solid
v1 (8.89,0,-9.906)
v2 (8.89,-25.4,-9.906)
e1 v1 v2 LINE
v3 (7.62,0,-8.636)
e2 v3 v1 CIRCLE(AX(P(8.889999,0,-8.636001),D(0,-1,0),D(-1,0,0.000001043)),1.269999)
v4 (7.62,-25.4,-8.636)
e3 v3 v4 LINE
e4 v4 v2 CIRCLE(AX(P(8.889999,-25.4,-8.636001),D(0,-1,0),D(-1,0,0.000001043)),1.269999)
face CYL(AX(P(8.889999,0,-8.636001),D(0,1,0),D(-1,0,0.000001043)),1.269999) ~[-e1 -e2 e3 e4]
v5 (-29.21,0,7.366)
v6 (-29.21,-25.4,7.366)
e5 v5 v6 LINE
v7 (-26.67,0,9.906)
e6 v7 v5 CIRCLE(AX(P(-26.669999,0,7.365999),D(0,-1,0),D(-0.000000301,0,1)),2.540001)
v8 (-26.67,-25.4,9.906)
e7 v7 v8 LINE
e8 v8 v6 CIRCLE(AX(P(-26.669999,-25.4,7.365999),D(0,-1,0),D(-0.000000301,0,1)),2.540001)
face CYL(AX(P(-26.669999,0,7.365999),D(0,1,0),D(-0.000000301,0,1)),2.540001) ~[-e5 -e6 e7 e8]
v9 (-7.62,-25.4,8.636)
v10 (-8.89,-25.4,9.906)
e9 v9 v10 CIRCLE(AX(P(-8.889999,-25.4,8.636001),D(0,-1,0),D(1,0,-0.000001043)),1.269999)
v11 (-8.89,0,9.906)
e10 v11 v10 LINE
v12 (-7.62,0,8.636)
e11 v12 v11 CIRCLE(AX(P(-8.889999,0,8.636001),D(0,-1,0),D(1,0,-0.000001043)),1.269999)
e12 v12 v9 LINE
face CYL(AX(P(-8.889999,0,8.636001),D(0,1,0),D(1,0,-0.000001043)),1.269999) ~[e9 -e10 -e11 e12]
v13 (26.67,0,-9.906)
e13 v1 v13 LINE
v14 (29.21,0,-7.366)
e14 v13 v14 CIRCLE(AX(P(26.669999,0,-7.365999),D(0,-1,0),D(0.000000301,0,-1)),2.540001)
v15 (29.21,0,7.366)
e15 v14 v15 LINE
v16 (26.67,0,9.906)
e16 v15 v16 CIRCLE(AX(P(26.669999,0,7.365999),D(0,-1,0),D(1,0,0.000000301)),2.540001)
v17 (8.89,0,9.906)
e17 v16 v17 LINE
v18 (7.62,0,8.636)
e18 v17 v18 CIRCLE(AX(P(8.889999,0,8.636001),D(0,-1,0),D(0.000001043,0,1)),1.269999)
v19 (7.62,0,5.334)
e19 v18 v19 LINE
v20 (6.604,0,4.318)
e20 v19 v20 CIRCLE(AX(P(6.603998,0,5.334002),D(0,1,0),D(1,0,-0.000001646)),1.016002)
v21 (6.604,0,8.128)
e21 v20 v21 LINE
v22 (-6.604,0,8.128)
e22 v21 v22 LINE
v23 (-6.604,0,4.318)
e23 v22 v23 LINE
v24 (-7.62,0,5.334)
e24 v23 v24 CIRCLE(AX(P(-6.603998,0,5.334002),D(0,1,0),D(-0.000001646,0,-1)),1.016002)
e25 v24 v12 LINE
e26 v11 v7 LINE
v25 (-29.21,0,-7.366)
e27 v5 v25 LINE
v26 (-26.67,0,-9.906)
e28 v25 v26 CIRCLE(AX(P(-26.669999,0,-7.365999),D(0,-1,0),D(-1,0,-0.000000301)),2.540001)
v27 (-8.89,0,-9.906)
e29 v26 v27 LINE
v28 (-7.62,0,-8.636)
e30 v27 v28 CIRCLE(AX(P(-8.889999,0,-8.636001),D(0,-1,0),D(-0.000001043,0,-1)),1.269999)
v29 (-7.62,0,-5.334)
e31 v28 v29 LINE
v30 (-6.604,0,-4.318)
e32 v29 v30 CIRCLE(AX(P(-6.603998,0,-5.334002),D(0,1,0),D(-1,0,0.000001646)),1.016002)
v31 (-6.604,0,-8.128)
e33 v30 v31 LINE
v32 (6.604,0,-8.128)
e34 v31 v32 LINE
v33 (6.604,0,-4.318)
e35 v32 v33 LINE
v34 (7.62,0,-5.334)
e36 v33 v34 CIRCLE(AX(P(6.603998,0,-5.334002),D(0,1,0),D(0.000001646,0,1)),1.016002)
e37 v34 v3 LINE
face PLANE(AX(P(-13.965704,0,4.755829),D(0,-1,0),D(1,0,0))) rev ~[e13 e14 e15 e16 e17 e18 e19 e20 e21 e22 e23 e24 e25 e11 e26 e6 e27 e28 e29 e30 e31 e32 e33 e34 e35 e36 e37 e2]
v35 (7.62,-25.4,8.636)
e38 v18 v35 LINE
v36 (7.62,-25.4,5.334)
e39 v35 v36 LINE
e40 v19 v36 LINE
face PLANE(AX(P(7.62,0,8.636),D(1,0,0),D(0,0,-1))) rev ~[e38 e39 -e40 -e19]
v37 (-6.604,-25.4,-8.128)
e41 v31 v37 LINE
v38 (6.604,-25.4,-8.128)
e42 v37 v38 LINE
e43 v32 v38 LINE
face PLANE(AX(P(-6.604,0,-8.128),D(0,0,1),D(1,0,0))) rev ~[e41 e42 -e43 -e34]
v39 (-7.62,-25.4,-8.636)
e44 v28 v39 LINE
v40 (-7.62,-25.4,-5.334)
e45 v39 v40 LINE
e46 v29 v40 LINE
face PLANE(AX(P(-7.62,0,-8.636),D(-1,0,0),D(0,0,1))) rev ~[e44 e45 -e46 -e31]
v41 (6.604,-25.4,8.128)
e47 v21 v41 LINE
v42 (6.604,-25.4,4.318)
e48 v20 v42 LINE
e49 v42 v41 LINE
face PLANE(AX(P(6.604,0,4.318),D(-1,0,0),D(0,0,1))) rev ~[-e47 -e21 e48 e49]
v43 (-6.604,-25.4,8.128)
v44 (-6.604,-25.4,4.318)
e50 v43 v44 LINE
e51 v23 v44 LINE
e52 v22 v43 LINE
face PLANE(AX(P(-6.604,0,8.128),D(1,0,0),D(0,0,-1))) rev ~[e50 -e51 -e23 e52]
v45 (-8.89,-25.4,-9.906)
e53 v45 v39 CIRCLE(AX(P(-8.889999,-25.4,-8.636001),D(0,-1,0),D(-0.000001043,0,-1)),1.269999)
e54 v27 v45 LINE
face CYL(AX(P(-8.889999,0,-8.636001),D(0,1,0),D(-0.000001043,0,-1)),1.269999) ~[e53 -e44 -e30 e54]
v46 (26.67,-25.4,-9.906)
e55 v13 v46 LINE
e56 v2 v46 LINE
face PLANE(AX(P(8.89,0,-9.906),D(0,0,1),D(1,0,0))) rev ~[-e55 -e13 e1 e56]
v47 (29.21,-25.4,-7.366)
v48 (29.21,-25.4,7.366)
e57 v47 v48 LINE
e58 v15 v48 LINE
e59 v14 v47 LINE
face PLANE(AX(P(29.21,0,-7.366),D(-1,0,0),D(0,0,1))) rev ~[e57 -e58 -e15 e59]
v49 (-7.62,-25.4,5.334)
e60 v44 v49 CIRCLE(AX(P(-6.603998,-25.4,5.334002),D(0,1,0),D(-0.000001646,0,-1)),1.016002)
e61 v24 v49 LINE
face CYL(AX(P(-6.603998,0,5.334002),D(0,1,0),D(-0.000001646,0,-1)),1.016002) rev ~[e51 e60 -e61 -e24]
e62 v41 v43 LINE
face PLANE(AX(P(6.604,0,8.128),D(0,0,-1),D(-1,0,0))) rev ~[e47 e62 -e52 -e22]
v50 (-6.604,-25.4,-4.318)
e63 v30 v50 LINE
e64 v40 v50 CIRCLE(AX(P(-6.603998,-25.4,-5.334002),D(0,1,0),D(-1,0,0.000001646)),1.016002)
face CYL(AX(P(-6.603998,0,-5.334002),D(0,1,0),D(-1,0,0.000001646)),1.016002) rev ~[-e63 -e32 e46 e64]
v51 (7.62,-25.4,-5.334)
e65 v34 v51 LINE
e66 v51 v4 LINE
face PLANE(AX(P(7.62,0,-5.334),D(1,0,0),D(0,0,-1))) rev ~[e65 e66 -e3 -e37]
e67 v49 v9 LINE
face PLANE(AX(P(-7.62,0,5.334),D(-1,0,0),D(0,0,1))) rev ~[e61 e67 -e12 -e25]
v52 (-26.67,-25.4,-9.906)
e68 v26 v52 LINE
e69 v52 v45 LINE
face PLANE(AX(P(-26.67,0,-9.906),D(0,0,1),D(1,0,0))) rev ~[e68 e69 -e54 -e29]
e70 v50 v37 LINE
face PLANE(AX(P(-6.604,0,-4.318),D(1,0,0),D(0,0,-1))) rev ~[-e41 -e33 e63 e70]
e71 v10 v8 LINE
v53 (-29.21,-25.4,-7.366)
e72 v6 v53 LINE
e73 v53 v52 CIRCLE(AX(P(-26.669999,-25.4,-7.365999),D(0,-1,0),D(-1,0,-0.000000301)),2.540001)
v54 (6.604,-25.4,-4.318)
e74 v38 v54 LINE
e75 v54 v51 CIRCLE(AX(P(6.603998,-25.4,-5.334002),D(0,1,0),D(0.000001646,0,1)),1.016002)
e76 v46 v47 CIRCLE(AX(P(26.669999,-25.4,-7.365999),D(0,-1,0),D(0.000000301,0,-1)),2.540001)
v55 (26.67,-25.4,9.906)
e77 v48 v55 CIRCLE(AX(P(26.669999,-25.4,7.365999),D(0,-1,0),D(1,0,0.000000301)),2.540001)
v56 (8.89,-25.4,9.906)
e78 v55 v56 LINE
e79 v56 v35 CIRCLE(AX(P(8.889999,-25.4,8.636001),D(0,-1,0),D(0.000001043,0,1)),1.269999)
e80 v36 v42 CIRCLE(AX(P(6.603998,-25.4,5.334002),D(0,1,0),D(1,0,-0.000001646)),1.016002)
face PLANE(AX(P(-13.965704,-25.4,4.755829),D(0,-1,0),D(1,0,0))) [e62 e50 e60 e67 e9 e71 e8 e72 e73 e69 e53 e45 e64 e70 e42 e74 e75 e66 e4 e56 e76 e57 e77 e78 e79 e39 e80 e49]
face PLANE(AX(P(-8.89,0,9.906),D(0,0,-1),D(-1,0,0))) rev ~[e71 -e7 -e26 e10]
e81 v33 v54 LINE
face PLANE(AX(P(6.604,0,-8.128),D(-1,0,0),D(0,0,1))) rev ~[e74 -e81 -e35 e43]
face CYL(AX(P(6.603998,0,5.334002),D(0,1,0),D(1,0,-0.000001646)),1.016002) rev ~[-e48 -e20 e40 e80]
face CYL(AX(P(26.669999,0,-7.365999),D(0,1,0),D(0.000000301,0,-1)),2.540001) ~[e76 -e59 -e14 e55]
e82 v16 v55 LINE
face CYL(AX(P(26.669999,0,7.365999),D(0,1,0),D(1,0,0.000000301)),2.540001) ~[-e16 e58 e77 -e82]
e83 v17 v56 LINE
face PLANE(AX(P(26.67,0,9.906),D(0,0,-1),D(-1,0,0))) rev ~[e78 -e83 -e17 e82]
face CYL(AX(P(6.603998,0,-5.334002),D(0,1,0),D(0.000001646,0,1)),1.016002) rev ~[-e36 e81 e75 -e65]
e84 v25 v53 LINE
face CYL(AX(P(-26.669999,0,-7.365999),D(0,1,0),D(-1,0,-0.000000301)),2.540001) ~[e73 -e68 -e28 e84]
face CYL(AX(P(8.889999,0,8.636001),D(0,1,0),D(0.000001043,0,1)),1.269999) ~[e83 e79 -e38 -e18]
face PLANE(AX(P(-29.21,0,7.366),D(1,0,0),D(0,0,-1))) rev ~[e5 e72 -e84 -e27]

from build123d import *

# Parameters (mm, degrees)
F1_DEPTH = 25.4


with BuildPart() as f1:
    # F0 (on Front) → F1 (new body)
    with BuildSketch(Plane.XZ):
        with BuildLine():
            Line((-29.21, 0), (0, 0))
            Line((0, 0), (0, 8.128))
            Line((0, 8.128), (-6.604, 8.128))
            Line((-6.604, 8.128), (-6.604, 4.318))
            ThreePointArc((-6.604, 4.318), (-7.32242, 4.61558), (-7.62, 5.334))
            Line((-7.62, 5.334), (-7.62, 8.636))
            ThreePointArc((-7.62, 8.636), (-7.991974, 9.534026), (-8.89, 9.906))
            Line((-8.89, 9.906), (-26.67, 9.906))
            ThreePointArc((-26.67, 9.906), (-28.466051, 9.162051), (-29.21, 7.366))
            Line((-29.21, 7.366), (-29.21, 0))
        make_face()
        with BuildLine():
            Line((0, 8.128), (0, 0))
            Line((0, 0), (29.21, 0))
            Line((29.21, 0), (29.21, 7.366))
            ThreePointArc((29.21, 7.366), (28.466051, 9.162051), (26.67, 9.906))
            Line((26.67, 9.906), (8.89, 9.906))
            ThreePointArc((8.89, 9.906), (7.991974, 9.534026), (7.62, 8.636))
            Line((7.62, 8.636), (7.62, 5.334))
            ThreePointArc((7.62, 5.334), (7.32242, 4.61558), (6.604, 4.318))
            Line((6.604, 4.318), (6.604, 8.128))
            Line((6.604, 8.128), (0, 8.128))
        make_face()
        with BuildLine():
            Line((29.21, 0), (0, 0))
            Line((0, 0), (0, -8.128))
            Line((0, -8.128), (6.604, -8.128))
            Line((6.604, -8.128), (6.604, -4.318))
            ThreePointArc((6.604, -4.318), (7.32242, -4.61558), (7.62, -5.334))
            Line((7.62, -5.334), (7.62, -8.636))
            ThreePointArc((7.62, -8.636), (7.991974, -9.534026), (8.89, -9.906))
            Line((8.89, -9.906), (26.67, -9.906))
            ThreePointArc((26.67, -9.906), (28.466051, -9.162051), (29.21, -7.366))
            Line((29.21, -7.366), (29.21, 0))
        make_face()
        with BuildLine():
            Line((0, -8.128), (0, 0))
            Line((0, 0), (-29.21, 0))
            Line((-29.21, 0), (-29.21, -7.366))
            ThreePointArc((-29.21, -7.366), (-28.466051, -9.162051), (-26.67, -9.906))
            Line((-26.67, -9.906), (-8.89, -9.906))
            ThreePointArc((-8.89, -9.906), (-7.991974, -9.534026), (-7.62, -8.636))
            Line((-7.62, -8.636), (-7.62, -5.334))
            ThreePointArc((-7.62, -5.334), (-7.32242, -4.61558), (-6.604, -4.318))
            Line((-6.604, -4.318), (-6.604, -8.128))
            Line((-6.604, -8.128), (0, -8.128))
        make_face()
    extrude(amount=F1_DEPTH)


solid = f1.part
